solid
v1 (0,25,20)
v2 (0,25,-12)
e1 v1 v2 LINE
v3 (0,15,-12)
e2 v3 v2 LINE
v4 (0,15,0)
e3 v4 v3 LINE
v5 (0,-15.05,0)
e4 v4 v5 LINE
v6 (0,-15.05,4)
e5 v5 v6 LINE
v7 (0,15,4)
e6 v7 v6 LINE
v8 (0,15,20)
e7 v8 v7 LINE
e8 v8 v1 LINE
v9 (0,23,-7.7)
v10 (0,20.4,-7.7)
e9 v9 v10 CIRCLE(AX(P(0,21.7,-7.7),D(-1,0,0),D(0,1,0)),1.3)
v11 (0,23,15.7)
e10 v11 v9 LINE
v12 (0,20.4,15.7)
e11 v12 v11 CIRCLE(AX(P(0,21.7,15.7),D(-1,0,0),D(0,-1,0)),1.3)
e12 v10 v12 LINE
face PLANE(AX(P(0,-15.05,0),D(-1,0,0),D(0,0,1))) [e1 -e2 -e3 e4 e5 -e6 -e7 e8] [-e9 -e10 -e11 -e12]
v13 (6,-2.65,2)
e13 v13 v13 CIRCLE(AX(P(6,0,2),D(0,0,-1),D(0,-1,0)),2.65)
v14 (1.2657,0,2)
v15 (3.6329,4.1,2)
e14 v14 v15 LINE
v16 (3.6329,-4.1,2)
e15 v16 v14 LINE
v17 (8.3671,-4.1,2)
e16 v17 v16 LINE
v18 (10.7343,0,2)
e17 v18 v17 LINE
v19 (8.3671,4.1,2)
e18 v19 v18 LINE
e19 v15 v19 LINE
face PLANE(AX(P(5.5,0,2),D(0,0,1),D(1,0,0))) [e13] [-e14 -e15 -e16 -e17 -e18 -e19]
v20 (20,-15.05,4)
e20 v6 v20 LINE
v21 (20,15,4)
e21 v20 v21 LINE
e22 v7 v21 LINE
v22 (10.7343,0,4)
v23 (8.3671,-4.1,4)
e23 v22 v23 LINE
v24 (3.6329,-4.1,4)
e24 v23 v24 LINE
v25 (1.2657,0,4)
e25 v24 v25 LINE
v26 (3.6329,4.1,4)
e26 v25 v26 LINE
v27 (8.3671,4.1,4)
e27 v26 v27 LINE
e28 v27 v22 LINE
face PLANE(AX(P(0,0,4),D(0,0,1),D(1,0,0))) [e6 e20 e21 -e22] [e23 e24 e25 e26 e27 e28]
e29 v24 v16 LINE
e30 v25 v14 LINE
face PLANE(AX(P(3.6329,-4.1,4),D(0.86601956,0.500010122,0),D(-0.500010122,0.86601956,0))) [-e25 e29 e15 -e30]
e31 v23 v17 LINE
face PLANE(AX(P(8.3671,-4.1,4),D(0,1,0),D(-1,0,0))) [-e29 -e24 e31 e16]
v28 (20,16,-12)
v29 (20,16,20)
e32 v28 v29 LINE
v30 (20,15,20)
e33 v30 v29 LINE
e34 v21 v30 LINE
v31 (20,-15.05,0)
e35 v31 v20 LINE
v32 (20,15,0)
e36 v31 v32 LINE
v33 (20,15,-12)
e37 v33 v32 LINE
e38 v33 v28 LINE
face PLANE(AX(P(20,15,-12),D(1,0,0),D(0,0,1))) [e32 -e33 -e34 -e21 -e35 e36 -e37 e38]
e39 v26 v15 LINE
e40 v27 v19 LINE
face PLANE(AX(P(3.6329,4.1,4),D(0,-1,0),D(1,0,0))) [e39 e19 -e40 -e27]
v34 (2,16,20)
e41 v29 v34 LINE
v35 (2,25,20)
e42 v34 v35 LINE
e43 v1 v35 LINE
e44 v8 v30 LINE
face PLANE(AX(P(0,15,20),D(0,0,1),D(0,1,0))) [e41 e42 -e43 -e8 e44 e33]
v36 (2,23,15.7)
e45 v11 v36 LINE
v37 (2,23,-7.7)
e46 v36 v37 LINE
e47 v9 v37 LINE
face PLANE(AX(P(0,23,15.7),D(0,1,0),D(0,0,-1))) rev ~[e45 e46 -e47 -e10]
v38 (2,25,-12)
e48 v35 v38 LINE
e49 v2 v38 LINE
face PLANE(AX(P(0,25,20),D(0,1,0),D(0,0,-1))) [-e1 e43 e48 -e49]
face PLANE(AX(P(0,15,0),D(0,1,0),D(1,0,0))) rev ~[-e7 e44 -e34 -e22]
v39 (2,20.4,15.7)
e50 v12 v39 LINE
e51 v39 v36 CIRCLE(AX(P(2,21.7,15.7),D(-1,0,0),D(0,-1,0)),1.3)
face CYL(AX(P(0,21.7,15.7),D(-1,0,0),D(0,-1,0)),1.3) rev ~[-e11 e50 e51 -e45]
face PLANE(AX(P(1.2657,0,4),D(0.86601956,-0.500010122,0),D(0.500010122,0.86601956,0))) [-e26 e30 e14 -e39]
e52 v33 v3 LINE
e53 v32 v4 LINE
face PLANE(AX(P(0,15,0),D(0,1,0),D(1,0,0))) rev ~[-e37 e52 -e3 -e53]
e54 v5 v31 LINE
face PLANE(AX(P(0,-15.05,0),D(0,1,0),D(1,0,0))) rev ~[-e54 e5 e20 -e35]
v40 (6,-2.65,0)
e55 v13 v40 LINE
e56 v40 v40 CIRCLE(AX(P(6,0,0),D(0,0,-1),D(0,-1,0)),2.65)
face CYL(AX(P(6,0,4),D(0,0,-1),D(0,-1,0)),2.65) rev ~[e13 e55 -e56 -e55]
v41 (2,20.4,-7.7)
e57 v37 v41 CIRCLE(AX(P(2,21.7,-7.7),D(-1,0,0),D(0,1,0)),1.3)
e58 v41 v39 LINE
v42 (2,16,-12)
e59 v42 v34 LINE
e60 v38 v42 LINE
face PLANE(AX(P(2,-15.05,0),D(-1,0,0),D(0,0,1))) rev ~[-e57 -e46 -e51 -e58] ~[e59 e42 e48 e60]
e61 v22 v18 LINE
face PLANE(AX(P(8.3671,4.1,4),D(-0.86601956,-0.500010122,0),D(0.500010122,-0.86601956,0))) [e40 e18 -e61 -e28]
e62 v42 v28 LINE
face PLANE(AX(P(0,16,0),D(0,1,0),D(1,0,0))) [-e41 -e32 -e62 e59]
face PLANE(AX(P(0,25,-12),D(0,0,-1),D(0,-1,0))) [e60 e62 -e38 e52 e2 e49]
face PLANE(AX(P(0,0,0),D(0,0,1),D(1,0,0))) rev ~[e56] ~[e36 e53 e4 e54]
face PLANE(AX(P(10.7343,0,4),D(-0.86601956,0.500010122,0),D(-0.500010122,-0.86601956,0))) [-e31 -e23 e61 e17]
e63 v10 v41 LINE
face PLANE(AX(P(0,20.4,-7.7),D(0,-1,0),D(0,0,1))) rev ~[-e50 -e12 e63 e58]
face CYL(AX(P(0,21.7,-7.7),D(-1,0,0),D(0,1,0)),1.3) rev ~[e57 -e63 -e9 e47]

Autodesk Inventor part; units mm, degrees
ref_plane "YZ Plane" through (0, 0, 0) normal (1, 0, 0) x (0, 1, 0)
ref_plane "XY Plane" through (0, 0, 0) normal (0, 0, 1) x (1, 0, 0)
ref_plane "MountingScrew" through (0, 0, 0) normal (0, 1, 0) x (-1, 0, 0)
ref_plane "Bracketheight" through (0, 15, 0) normal (0, 1, 0) x (-1, 0, 0)
sketch "Sketch1" plane through (0, 0, 0) normal (0, 0, 1) x (1, 0, 0)
  line L0 (0, -15.05) -> (20, -15.05)
  line L1 (20, -15.05) -> (20, 15)
  line L2 (20, 15) -> (0, 15)
  line L3 (0, 15) -> (0, -15.05)
  circle A0 centre (6, 0) radius 2.75 construction
  line L4 (0, -2.75) -> (20, -2.75) construction
  line L5 (3.25, 15) -> (3.25, -15.05) construction
  line L6 (-4, 0) -> (24, 0) construction
  line L7 (0, 21.01) -> (0, -21.06) construction
  line L8 (-4, 15) -> (24, 15) construction
  dimension "d0" = 5.5
  dimension "d1" = 12.3
  dimension "d2" = 3.25
  dimension "d31" = 6
  dimension "d36" = 20
extrude "Extrusion1" add sketch "Sketch1" along normal blind 4
sketch "Sketch2" plane through (0, 0, 4) normal (0, 0, 1) x (1, 0, 0)
  point P0 (0, 0)
  point P1 (6, 0)
hole "Hole1" at (6, 0, 4) direction (0, 0, -1) diameter 5.3 end through all clearance for "Socket Head Cap Screw ISO 4762" size "M5" standard "ISO"
sketch "Sketch5" plane through (0, 15, 0) normal (0, 1, 0) x (1, 0, 0)
  line L0 (0, 12) -> (20, 12)
  line L1 (20, 12) -> (20, -20)
  line L2 (20, -20) -> (0, -20)
  line L3 (0, -20) -> (0, 12)
  line L4 (20, 0) -> (0, 0) construction
  line L5 (20, 0) -> (0, 0) construction
  line L6 (0, 0) -> (0, -4) construction
  line L7 (20, 0) -> (20, -4) construction
  dimension "d2" = 3.25
  dimension "d60" = 20
  dimension "d61" = 12
extrude "Extrusion4" add sketch "Sketch5" along normal blind 1
sketch "Sketch6" plane through (0, -15.05, 0) normal (-1, 0, 0) x (0, 0, 1)
  line L0 (-12, 30.05) -> (0, 30.05) projected
  line L1 (-12, 30.05) -> (20, 30.05)
  line L2 (20, 30.05) -> (20, 40.05)
  line L3 (20, 40.05) -> (-12, 40.05)
  line L4 (-12, 40.05) -> (-12, 30.05)
  line L5 (20, 30.05) -> (20, 31.05) construction
  point P0 (0, 15.05)
  dimension "d37" = 10
extrude "Extrusion5" add sketch "Sketch6" against normal blind 2
sketch "Sketch8" plane through (5.5, 0, 4) normal (0, 0, 1) x (1, 0, 0)
  line L0 (-1.8671, 4.1) -> (2.8671, 4.1)
  line L1 (2.8671, 4.1) -> (5.2343, 0)
  line L2 (5.2343, 0) -> (2.8671, -4.1)
  line L3 (2.8671, -4.1) -> (-1.8671, -4.1)
  line L4 (-1.8671, -4.1) -> (-4.2343, 0)
  line L5 (-4.2343, 0) -> (-1.8671, 4.1)
  point P0 (-5.5, 0)
  point P1 (0.5, 0)
  point P2 (0.5, 0)
  dimension "d42" = 8.2
extrude "Extrusion7" cut sketch "Sketch8" against normal blind 2
sketch "Sketch10" plane through (0, -15.05, 0) normal (-1, 0, 0) x (0, 0, 1)
  line L0 (-7.7, 36.75) -> (15.7, 36.75) construction
  line L1 (-7.7, 35.45) -> (15.7, 35.45)
  line L2 (15.7, 38.05) -> (-7.7, 38.05)
  arc A0 (-7.7, 38.05) -> (-7.7, 35.45) centre (-7.7, 36.75) ccw
  arc A1 (15.7, 35.45) -> (15.7, 38.05) centre (15.7, 36.75) ccw
  line L3 (-12, 30.05) -> (-12, 40.05) projected
  line L4 (0, 30.05) -> (0, 0) projected
  line L5 (0, 30.05) -> (0, 0) projected
  line L6 (20, 40.05) -> (-12, 40.05) projected
  line L7 (20, 30.05) -> (20, 40.05) projected
  point P0 (0, 15.05)
  point P1 (4, 36.75)
  point P2 (-12, 35.05)
  dimension "d55" = 2.6
  dimension "d59" = 2
  dimension "d63" = 4.3
  dimension "d64" = 4.3
extrude "Extrusion9" cut sketch "Sketch10" against normal through all
sketch "Sketch7" plane through (0, 15, 0) normal (0, -1, 0) x (1, 0, 0)
  line L0 (20, 4) -> (0, 4) projected
  line L1 (0, 4) -> (0, 20) projected
  line L2 (20, 4) -> (0, 4)
  line L3 (0, 4) -> (0, 20)
  line L4 (0, 20) -> (20, 20)
  line L5 (20, 20) -> (20, 4)
  point P0 (0, 0)
  dimension "d45" = 5.1
  dimension "d16" = 2.5
  dimension "d17" = 4.25
  dimension "d18" = 8
sketch "Sketch4" plane through (25.5, -5.5, 0) normal (1, 0, 0) x (0, 0, -1)
  line L0 (-5.45, 24.0278) -> (-8, 22.5555)
  line L1 (-8, 22.5555) -> (-10.55, 24.0278)
  line L2 (-10.55, 24.0278) -> (-10.55, 26.9722)
  line L3 (-10.55, 26.9722) -> (-8, 28.4445)
  line L4 (-8, 28.4445) -> (-5.45, 26.9722)
  line L5 (-5.45, 26.9722) -> (-5.45, 24.0278)
  point P0 (0, 5.5)
  point P1 (-8, 25.5)
  point P2 (-8, 25.5)
  dimension "d28" = 5.1
equation "\"d36\" = Schraubenlaenge"
equation "\"d64\" = d63"
equation "\"Schraubenlaenge\" = 20"
properties part number "Enoder_Mount1"
